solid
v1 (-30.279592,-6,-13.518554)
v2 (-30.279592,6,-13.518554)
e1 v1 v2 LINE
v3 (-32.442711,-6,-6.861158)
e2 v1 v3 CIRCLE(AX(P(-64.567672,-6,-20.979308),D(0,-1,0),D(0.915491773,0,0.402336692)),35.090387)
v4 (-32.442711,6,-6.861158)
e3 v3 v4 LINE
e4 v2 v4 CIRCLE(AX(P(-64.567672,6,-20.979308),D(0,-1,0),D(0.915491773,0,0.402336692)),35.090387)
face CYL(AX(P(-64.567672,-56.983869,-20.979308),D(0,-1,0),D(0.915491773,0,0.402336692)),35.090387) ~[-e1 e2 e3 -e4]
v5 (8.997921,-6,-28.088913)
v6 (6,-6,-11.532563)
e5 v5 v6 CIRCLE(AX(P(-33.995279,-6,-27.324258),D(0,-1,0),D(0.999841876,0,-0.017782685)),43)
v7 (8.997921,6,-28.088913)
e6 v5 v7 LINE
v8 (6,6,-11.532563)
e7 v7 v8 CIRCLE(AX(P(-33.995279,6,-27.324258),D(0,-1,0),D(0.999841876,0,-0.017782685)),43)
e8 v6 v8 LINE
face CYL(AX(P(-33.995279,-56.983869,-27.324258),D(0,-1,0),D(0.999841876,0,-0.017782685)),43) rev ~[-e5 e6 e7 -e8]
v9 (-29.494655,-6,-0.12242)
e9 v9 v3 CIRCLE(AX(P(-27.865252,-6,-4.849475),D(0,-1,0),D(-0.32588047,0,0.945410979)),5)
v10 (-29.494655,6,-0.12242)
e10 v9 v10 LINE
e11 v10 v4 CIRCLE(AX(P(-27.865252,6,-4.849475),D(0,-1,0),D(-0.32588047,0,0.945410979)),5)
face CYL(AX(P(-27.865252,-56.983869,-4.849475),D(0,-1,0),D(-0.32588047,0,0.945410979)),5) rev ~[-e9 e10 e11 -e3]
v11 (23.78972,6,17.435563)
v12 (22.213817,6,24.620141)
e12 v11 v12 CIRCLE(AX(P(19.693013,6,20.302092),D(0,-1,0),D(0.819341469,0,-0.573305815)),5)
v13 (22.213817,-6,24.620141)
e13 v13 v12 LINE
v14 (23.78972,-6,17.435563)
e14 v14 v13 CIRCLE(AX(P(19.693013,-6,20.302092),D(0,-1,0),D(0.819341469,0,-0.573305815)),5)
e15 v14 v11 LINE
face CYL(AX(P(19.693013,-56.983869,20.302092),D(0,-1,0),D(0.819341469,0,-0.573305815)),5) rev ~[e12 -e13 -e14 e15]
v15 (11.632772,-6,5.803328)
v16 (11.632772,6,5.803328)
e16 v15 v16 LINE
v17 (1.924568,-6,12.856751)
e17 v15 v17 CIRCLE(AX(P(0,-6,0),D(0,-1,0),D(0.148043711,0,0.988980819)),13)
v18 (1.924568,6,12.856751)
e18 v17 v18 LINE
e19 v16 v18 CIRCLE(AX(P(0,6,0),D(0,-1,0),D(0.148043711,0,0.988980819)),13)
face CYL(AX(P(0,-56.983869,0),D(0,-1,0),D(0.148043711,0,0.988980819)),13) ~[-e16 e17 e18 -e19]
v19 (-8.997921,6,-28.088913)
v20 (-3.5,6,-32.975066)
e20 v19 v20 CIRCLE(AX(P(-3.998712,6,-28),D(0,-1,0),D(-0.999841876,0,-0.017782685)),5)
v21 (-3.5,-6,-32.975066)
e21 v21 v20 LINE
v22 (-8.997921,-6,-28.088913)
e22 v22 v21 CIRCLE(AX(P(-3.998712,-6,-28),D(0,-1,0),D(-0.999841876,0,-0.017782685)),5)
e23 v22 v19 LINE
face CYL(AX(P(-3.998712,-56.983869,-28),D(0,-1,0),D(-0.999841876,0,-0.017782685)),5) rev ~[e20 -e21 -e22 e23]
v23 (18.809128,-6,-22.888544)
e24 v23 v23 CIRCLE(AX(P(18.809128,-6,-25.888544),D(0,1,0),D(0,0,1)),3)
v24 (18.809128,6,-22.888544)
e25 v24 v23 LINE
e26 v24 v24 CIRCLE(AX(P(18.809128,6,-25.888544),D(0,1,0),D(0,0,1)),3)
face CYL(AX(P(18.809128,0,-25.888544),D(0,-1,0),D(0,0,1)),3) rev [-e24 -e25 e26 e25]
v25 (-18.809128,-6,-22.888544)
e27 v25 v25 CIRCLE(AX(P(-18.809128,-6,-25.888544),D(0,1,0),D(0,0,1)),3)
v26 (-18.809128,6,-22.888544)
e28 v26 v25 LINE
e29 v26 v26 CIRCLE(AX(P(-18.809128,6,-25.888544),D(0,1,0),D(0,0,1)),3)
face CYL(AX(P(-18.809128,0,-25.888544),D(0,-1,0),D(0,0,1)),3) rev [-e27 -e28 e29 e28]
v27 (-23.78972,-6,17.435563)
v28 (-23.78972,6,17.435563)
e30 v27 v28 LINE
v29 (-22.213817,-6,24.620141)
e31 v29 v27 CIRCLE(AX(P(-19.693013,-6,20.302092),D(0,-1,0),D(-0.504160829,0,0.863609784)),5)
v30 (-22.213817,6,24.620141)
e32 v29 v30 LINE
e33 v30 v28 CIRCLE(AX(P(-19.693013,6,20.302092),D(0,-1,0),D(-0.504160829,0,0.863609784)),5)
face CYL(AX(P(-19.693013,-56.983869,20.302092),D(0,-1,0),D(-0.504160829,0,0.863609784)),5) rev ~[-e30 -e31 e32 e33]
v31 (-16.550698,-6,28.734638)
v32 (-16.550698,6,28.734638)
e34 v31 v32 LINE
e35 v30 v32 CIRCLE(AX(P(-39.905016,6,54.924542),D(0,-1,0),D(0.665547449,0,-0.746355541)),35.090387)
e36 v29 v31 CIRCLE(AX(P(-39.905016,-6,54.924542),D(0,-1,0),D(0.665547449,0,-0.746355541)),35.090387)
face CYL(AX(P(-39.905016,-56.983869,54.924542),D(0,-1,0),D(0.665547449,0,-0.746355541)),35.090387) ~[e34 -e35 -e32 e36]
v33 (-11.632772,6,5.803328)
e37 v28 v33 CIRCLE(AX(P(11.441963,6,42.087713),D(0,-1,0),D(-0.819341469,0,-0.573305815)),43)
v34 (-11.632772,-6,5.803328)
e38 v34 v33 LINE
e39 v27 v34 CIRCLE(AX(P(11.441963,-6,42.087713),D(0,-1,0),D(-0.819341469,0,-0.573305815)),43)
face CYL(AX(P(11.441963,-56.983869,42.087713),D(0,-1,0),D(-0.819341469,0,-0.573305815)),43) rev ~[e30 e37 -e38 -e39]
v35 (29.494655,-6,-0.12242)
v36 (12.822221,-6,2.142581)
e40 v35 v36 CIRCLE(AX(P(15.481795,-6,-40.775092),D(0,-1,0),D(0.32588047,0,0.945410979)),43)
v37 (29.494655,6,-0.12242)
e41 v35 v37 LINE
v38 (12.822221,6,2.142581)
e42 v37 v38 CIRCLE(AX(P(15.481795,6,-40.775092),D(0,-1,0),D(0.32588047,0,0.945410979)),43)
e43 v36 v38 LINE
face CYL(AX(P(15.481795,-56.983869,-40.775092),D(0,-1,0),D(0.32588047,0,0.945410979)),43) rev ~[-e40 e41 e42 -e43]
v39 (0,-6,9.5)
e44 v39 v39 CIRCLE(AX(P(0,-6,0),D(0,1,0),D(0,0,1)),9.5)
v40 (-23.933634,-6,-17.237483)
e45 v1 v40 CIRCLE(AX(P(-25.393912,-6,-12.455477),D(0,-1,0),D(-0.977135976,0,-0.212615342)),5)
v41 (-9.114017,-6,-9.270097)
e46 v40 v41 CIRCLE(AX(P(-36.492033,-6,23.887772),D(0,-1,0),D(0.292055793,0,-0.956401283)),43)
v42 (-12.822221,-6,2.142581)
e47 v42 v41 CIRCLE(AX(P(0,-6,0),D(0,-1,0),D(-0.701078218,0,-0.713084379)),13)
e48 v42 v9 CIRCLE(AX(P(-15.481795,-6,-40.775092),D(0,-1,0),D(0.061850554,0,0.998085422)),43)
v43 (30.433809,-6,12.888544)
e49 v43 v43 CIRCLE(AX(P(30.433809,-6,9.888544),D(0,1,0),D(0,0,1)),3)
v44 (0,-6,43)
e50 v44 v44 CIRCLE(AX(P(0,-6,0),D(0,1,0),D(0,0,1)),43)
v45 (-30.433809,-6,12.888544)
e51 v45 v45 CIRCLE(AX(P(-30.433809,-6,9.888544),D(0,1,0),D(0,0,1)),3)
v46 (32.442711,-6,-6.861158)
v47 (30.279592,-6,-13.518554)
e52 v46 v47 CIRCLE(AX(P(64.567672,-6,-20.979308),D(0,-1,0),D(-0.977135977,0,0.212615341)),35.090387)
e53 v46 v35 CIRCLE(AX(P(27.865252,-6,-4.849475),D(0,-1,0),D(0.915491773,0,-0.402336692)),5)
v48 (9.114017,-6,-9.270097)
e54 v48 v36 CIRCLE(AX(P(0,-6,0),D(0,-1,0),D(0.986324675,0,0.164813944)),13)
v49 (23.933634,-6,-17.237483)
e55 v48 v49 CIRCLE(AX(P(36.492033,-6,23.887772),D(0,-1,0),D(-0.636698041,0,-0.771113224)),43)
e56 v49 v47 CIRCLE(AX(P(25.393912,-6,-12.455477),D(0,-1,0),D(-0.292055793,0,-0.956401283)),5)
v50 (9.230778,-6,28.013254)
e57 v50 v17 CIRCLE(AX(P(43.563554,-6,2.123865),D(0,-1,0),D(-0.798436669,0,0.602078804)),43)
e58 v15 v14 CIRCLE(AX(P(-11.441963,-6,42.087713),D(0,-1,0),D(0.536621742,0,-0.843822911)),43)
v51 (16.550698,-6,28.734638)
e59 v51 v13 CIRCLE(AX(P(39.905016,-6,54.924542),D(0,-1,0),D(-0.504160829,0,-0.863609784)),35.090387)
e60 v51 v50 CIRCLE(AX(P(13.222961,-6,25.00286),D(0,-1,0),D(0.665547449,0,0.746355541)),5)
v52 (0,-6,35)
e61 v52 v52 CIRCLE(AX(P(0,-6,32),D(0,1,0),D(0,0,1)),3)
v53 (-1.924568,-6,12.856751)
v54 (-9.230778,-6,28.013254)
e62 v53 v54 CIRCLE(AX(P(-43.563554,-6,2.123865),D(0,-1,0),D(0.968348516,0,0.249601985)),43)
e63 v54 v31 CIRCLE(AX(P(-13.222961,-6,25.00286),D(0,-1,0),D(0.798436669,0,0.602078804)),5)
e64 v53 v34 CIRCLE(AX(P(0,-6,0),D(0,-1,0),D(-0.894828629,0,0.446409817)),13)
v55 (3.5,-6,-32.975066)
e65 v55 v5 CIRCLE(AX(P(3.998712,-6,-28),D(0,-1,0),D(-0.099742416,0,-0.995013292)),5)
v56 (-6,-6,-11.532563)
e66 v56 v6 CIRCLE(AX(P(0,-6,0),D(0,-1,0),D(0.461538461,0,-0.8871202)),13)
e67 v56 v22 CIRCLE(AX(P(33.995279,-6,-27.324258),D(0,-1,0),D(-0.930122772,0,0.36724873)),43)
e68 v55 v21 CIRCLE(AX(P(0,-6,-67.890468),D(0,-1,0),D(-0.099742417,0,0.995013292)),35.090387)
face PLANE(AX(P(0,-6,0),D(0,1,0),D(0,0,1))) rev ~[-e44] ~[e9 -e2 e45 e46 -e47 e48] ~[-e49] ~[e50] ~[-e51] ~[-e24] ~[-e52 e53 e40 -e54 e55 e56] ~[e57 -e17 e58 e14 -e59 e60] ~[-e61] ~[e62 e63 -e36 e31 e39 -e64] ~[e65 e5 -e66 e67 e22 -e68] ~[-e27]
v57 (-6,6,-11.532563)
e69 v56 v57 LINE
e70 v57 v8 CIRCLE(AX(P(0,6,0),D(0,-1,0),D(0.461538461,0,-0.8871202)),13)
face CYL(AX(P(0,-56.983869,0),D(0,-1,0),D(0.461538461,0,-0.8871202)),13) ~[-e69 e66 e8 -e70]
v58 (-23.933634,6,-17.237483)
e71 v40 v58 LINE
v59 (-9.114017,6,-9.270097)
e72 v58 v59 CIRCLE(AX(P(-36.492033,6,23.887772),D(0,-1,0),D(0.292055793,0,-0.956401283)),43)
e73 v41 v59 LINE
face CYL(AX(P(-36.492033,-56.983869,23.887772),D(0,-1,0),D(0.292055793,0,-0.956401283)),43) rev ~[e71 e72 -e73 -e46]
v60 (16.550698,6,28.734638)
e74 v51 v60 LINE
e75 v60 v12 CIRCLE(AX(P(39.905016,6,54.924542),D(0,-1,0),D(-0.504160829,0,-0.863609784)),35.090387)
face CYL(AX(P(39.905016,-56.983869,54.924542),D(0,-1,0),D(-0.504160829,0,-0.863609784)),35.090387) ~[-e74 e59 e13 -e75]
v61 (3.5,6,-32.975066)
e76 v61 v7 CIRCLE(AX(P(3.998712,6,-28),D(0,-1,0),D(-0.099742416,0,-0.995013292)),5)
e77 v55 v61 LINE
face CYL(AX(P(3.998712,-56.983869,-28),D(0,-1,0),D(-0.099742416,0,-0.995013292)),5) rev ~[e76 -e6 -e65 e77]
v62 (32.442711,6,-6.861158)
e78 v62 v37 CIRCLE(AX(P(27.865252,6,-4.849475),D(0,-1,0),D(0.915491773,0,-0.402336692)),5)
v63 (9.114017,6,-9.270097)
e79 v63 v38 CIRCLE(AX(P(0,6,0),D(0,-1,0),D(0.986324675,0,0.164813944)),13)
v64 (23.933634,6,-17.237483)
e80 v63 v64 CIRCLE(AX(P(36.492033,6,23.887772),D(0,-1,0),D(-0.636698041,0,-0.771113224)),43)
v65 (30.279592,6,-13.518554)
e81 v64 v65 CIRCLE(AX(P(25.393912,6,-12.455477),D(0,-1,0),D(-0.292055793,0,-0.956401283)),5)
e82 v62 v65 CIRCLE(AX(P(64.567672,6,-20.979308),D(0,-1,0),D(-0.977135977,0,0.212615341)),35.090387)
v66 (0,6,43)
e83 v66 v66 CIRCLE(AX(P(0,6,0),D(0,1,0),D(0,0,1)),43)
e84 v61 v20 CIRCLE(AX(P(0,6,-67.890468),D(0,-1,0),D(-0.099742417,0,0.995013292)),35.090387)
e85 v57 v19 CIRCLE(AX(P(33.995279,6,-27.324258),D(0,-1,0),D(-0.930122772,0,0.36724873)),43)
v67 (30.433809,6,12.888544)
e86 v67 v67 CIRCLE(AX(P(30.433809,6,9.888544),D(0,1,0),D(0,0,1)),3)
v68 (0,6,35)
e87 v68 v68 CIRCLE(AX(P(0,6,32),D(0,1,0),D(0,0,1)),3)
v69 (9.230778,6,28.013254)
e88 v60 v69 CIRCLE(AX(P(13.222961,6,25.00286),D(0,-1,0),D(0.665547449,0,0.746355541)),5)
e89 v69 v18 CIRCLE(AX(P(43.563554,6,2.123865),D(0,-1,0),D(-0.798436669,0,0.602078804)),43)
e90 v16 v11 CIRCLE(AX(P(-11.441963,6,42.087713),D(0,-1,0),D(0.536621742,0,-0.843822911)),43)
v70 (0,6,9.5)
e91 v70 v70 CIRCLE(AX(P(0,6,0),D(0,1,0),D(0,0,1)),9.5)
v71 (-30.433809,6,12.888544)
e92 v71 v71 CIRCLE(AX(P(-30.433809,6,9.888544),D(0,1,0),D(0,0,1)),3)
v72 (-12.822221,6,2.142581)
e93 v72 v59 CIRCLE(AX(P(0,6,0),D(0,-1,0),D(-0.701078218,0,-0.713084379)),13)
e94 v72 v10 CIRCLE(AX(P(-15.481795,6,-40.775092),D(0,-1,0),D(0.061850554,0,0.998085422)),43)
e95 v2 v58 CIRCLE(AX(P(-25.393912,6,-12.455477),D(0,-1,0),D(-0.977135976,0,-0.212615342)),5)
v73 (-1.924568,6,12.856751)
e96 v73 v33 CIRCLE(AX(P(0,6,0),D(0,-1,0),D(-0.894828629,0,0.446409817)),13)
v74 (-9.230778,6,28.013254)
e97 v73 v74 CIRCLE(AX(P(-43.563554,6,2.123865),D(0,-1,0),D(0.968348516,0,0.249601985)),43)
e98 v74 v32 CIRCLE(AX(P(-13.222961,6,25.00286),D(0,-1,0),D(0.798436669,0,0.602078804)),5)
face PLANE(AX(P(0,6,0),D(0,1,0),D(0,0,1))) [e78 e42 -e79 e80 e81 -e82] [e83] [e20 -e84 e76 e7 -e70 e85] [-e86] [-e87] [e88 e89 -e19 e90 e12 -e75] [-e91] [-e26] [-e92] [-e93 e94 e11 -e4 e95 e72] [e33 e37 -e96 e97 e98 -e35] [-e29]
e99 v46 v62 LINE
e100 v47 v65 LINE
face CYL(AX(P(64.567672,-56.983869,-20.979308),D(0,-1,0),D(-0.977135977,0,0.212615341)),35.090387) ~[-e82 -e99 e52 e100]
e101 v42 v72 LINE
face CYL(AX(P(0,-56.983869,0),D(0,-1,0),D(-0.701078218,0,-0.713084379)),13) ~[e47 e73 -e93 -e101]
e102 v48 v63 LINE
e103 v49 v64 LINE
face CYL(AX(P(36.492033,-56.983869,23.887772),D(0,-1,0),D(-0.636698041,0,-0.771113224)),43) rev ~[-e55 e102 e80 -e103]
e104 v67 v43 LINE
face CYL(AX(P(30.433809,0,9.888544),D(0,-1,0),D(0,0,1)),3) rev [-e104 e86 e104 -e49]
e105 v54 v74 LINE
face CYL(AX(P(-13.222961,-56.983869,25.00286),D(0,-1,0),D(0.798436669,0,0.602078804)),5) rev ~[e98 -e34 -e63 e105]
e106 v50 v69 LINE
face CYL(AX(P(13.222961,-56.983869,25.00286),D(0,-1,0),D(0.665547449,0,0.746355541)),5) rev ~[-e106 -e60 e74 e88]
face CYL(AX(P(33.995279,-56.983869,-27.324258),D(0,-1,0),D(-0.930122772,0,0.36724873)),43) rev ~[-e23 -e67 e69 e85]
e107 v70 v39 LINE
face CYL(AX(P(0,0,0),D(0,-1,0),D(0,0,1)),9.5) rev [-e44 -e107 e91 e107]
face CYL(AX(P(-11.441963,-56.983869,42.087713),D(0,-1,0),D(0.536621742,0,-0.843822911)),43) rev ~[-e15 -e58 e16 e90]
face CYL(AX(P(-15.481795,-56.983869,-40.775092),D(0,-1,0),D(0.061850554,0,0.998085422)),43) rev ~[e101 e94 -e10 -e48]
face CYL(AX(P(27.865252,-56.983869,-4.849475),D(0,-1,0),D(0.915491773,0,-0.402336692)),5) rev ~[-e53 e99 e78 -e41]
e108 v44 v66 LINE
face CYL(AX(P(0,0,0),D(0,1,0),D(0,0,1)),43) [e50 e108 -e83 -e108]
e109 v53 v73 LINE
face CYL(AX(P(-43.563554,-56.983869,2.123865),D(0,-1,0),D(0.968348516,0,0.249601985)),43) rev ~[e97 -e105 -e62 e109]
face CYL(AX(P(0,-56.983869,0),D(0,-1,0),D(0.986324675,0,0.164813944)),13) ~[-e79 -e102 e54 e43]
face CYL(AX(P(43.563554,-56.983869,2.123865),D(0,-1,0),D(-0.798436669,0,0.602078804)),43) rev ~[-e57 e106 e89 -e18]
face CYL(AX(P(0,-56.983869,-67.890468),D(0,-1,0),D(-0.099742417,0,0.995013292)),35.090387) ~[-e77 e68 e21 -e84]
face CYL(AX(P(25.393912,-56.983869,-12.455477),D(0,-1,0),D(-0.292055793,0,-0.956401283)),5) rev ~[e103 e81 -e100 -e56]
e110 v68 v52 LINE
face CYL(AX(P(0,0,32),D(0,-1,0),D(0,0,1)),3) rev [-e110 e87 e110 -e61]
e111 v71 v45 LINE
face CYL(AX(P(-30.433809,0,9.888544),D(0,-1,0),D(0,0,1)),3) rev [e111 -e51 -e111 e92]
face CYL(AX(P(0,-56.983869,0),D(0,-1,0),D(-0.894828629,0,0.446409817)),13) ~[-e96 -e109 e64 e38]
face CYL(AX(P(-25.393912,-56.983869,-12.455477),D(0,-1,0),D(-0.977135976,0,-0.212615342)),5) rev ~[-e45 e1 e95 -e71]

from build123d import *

# Parameters (mm, degrees)
SKETCH1_R               = 43
SKETCH1_R_2             = 9.5
SKETCH1_R_3             = 3
BOSS_EXTRUDE1_DEPTH     = 6
CUT_EXTRUDE1_DEPTH      = 62.983868869
CUT_EXTRUDE1_DEPTH_BACK = 62.983868869


with BuildPart() as part:
    # Sketch1 → Boss-Extrude1 (new, symmetric)
    with BuildSketch(Plane(origin=(0, 0, 0), x_dir=(1, 0, 0), z_dir=(0, 1, 0))):
        with Locations(Location((0, 0, 0), (0, 0, 270))):
            Circle(SKETCH1_R)
        with Locations(Location((0, 0, 0), (0, 0, 270))):
            Circle(SKETCH1_R_2, mode=Mode.SUBTRACT)
        with Locations(Location((0, -32, 0), (0, 0, 270))):
            Circle(SKETCH1_R_3, mode=Mode.SUBTRACT)
        with Locations(Location((-30.433808521, -9.88854382, 0), (0, 0, 270))):
            Circle(SKETCH1_R_3, mode=Mode.SUBTRACT)
        with Locations(Location((-18.809128073, 25.88854382, 0), (0, 0, 270))):
            Circle(SKETCH1_R_3, mode=Mode.SUBTRACT)
        with Locations(Location((18.809128073, 25.88854382, 0), (0, 0, 270))):
            Circle(SKETCH1_R_3, mode=Mode.SUBTRACT)
        with Locations(Location((30.433808521, -9.88854382, 0), (0, 0, 270))):
            Circle(SKETCH1_R_3, mode=Mode.SUBTRACT)
    extrude(amount=BOSS_EXTRUDE1_DEPTH, both=True)

    # Sketch2 → Cut-Extrude1 (cut, two sides: drawn at the far end of the back side and taken through both)
    with BuildSketch(Plane(origin=(0, 6, 0), x_dir=(1, 0, 0), z_dir=(0, 1, 0)).offset(-CUT_EXTRUDE1_DEPTH_BACK)):
        with BuildLine():
            ThreePointArc((-9.114016839, 9.270096928), (-12.363734712, 4.017220927), (-12.822220771, -2.142581267))
            ThreePointArc((-12.822220771, -2.142581267), (-21.270303496, -1.833512485), (-29.494654795, 0.122419764))
            ThreePointArc((-29.494654795, 0.122419764), (-32.446074444, 2.845461233), (-32.44271131, 6.861158119))
            ThreePointArc((-32.44271131, 6.861158119), (-31.194730701, 10.135782424), (-30.27959235, 13.518553733))
            ThreePointArc((-30.27959235, 13.518553733), (-27.921945775, 16.769297559), (-23.933633504, 17.23748344))
            ThreePointArc((-23.933633504, 17.23748344), (-16.130325405, 13.985713467), (-9.114016839, 9.270096928))
        make_face()
        with BuildLine():
            ThreePointArc((6, 11.532562595), (0, 13), (-6, 11.532562595))
            ThreePointArc((-6, 11.532562595), (-8.316659253, 19.662674227), (-8.99792146, 28.088913426))
            ThreePointArc((-8.99792146, 28.088913426), (-7.320193957, 31.737346406), (-3.5, 32.975066458))
            ThreePointArc((-3.5, 32.975066458), (0, 32.800080928), (3.5, 32.975066458))
            ThreePointArc((3.5, 32.975066458), (7.320193957, 31.737346406), (8.99792146, 28.088913426))
            ThreePointArc((8.99792146, 28.088913426), (8.316659253, 19.662674227), (6, 11.532562595))
        make_face()
        with BuildLine():
            ThreePointArc((12.822220771, -2.142581267), (12.363734712, 4.017220927), (9.114016839, 9.270096928))
            ThreePointArc((9.114016839, 9.270096928), (16.130325405, 13.985713467), (23.933633504, 17.23748344))
            ThreePointArc((23.933633504, 17.23748344), (27.921945775, 16.769297559), (30.27959235, 13.518553733))
            ThreePointArc((30.27959235, 13.518553733), (31.194730701, 10.135782424), (32.44271131, 6.861158119))
            ThreePointArc((32.44271131, 6.861158119), (32.446074444, 2.845461233), (29.494654795, 0.122419764))
            ThreePointArc((29.494654795, 0.122419764), (21.270303496, -1.833512485), (12.822220771, -2.142581267))
        make_face()
        with BuildLine():
            ThreePointArc((-1.924568248, -12.856750642), (-4.829111259, -20.795847261), (-9.230777689, -28.013253851))
            ThreePointArc((-9.230777689, -28.013253851), (-12.732582852, -29.978754651), (-16.550698277, -28.734637538))
            ThreePointArc((-16.550698277, -28.734637538), (-19.279403843, -26.535822888), (-22.213817238, -24.620140772))
            ThreePointArc((-22.213817238, -24.620140772), (-24.576905478, -21.373350548), (-23.78972044, -17.435562779))
            ThreePointArc((-23.78972044, -17.435562779), (-18.285748603, -11.019027947), (-11.632772181, -5.803327614))
            ThreePointArc((-11.632772181, -5.803327614), (-7.64120828, -10.517220927), (-1.924568248, -12.856750642))
        make_face()
        with BuildLine():
            ThreePointArc((1.924568248, -12.856750642), (7.64120828, -10.517220927), (11.632772181, -5.803327614))
            ThreePointArc((11.632772181, -5.803327614), (18.285748603, -11.019027947), (23.78972044, -17.435562779))
            ThreePointArc((23.78972044, -17.435562779), (24.576905478, -21.373350548), (22.213817238, -24.620140772))
            ThreePointArc((22.213817238, -24.620140772), (19.279403843, -26.535822888), (16.550698277, -28.734637538))
            ThreePointArc((16.550698277, -28.734637538), (12.732582852, -29.978754651), (9.230777689, -28.013253851))
            ThreePointArc((9.230777689, -28.013253851), (4.829111259, -20.795847261), (1.924568248, -12.856750642))
        make_face()
    extrude(amount=CUT_EXTRUDE1_DEPTH + CUT_EXTRUDE1_DEPTH_BACK, mode=Mode.SUBTRACT)


solid = part.part
